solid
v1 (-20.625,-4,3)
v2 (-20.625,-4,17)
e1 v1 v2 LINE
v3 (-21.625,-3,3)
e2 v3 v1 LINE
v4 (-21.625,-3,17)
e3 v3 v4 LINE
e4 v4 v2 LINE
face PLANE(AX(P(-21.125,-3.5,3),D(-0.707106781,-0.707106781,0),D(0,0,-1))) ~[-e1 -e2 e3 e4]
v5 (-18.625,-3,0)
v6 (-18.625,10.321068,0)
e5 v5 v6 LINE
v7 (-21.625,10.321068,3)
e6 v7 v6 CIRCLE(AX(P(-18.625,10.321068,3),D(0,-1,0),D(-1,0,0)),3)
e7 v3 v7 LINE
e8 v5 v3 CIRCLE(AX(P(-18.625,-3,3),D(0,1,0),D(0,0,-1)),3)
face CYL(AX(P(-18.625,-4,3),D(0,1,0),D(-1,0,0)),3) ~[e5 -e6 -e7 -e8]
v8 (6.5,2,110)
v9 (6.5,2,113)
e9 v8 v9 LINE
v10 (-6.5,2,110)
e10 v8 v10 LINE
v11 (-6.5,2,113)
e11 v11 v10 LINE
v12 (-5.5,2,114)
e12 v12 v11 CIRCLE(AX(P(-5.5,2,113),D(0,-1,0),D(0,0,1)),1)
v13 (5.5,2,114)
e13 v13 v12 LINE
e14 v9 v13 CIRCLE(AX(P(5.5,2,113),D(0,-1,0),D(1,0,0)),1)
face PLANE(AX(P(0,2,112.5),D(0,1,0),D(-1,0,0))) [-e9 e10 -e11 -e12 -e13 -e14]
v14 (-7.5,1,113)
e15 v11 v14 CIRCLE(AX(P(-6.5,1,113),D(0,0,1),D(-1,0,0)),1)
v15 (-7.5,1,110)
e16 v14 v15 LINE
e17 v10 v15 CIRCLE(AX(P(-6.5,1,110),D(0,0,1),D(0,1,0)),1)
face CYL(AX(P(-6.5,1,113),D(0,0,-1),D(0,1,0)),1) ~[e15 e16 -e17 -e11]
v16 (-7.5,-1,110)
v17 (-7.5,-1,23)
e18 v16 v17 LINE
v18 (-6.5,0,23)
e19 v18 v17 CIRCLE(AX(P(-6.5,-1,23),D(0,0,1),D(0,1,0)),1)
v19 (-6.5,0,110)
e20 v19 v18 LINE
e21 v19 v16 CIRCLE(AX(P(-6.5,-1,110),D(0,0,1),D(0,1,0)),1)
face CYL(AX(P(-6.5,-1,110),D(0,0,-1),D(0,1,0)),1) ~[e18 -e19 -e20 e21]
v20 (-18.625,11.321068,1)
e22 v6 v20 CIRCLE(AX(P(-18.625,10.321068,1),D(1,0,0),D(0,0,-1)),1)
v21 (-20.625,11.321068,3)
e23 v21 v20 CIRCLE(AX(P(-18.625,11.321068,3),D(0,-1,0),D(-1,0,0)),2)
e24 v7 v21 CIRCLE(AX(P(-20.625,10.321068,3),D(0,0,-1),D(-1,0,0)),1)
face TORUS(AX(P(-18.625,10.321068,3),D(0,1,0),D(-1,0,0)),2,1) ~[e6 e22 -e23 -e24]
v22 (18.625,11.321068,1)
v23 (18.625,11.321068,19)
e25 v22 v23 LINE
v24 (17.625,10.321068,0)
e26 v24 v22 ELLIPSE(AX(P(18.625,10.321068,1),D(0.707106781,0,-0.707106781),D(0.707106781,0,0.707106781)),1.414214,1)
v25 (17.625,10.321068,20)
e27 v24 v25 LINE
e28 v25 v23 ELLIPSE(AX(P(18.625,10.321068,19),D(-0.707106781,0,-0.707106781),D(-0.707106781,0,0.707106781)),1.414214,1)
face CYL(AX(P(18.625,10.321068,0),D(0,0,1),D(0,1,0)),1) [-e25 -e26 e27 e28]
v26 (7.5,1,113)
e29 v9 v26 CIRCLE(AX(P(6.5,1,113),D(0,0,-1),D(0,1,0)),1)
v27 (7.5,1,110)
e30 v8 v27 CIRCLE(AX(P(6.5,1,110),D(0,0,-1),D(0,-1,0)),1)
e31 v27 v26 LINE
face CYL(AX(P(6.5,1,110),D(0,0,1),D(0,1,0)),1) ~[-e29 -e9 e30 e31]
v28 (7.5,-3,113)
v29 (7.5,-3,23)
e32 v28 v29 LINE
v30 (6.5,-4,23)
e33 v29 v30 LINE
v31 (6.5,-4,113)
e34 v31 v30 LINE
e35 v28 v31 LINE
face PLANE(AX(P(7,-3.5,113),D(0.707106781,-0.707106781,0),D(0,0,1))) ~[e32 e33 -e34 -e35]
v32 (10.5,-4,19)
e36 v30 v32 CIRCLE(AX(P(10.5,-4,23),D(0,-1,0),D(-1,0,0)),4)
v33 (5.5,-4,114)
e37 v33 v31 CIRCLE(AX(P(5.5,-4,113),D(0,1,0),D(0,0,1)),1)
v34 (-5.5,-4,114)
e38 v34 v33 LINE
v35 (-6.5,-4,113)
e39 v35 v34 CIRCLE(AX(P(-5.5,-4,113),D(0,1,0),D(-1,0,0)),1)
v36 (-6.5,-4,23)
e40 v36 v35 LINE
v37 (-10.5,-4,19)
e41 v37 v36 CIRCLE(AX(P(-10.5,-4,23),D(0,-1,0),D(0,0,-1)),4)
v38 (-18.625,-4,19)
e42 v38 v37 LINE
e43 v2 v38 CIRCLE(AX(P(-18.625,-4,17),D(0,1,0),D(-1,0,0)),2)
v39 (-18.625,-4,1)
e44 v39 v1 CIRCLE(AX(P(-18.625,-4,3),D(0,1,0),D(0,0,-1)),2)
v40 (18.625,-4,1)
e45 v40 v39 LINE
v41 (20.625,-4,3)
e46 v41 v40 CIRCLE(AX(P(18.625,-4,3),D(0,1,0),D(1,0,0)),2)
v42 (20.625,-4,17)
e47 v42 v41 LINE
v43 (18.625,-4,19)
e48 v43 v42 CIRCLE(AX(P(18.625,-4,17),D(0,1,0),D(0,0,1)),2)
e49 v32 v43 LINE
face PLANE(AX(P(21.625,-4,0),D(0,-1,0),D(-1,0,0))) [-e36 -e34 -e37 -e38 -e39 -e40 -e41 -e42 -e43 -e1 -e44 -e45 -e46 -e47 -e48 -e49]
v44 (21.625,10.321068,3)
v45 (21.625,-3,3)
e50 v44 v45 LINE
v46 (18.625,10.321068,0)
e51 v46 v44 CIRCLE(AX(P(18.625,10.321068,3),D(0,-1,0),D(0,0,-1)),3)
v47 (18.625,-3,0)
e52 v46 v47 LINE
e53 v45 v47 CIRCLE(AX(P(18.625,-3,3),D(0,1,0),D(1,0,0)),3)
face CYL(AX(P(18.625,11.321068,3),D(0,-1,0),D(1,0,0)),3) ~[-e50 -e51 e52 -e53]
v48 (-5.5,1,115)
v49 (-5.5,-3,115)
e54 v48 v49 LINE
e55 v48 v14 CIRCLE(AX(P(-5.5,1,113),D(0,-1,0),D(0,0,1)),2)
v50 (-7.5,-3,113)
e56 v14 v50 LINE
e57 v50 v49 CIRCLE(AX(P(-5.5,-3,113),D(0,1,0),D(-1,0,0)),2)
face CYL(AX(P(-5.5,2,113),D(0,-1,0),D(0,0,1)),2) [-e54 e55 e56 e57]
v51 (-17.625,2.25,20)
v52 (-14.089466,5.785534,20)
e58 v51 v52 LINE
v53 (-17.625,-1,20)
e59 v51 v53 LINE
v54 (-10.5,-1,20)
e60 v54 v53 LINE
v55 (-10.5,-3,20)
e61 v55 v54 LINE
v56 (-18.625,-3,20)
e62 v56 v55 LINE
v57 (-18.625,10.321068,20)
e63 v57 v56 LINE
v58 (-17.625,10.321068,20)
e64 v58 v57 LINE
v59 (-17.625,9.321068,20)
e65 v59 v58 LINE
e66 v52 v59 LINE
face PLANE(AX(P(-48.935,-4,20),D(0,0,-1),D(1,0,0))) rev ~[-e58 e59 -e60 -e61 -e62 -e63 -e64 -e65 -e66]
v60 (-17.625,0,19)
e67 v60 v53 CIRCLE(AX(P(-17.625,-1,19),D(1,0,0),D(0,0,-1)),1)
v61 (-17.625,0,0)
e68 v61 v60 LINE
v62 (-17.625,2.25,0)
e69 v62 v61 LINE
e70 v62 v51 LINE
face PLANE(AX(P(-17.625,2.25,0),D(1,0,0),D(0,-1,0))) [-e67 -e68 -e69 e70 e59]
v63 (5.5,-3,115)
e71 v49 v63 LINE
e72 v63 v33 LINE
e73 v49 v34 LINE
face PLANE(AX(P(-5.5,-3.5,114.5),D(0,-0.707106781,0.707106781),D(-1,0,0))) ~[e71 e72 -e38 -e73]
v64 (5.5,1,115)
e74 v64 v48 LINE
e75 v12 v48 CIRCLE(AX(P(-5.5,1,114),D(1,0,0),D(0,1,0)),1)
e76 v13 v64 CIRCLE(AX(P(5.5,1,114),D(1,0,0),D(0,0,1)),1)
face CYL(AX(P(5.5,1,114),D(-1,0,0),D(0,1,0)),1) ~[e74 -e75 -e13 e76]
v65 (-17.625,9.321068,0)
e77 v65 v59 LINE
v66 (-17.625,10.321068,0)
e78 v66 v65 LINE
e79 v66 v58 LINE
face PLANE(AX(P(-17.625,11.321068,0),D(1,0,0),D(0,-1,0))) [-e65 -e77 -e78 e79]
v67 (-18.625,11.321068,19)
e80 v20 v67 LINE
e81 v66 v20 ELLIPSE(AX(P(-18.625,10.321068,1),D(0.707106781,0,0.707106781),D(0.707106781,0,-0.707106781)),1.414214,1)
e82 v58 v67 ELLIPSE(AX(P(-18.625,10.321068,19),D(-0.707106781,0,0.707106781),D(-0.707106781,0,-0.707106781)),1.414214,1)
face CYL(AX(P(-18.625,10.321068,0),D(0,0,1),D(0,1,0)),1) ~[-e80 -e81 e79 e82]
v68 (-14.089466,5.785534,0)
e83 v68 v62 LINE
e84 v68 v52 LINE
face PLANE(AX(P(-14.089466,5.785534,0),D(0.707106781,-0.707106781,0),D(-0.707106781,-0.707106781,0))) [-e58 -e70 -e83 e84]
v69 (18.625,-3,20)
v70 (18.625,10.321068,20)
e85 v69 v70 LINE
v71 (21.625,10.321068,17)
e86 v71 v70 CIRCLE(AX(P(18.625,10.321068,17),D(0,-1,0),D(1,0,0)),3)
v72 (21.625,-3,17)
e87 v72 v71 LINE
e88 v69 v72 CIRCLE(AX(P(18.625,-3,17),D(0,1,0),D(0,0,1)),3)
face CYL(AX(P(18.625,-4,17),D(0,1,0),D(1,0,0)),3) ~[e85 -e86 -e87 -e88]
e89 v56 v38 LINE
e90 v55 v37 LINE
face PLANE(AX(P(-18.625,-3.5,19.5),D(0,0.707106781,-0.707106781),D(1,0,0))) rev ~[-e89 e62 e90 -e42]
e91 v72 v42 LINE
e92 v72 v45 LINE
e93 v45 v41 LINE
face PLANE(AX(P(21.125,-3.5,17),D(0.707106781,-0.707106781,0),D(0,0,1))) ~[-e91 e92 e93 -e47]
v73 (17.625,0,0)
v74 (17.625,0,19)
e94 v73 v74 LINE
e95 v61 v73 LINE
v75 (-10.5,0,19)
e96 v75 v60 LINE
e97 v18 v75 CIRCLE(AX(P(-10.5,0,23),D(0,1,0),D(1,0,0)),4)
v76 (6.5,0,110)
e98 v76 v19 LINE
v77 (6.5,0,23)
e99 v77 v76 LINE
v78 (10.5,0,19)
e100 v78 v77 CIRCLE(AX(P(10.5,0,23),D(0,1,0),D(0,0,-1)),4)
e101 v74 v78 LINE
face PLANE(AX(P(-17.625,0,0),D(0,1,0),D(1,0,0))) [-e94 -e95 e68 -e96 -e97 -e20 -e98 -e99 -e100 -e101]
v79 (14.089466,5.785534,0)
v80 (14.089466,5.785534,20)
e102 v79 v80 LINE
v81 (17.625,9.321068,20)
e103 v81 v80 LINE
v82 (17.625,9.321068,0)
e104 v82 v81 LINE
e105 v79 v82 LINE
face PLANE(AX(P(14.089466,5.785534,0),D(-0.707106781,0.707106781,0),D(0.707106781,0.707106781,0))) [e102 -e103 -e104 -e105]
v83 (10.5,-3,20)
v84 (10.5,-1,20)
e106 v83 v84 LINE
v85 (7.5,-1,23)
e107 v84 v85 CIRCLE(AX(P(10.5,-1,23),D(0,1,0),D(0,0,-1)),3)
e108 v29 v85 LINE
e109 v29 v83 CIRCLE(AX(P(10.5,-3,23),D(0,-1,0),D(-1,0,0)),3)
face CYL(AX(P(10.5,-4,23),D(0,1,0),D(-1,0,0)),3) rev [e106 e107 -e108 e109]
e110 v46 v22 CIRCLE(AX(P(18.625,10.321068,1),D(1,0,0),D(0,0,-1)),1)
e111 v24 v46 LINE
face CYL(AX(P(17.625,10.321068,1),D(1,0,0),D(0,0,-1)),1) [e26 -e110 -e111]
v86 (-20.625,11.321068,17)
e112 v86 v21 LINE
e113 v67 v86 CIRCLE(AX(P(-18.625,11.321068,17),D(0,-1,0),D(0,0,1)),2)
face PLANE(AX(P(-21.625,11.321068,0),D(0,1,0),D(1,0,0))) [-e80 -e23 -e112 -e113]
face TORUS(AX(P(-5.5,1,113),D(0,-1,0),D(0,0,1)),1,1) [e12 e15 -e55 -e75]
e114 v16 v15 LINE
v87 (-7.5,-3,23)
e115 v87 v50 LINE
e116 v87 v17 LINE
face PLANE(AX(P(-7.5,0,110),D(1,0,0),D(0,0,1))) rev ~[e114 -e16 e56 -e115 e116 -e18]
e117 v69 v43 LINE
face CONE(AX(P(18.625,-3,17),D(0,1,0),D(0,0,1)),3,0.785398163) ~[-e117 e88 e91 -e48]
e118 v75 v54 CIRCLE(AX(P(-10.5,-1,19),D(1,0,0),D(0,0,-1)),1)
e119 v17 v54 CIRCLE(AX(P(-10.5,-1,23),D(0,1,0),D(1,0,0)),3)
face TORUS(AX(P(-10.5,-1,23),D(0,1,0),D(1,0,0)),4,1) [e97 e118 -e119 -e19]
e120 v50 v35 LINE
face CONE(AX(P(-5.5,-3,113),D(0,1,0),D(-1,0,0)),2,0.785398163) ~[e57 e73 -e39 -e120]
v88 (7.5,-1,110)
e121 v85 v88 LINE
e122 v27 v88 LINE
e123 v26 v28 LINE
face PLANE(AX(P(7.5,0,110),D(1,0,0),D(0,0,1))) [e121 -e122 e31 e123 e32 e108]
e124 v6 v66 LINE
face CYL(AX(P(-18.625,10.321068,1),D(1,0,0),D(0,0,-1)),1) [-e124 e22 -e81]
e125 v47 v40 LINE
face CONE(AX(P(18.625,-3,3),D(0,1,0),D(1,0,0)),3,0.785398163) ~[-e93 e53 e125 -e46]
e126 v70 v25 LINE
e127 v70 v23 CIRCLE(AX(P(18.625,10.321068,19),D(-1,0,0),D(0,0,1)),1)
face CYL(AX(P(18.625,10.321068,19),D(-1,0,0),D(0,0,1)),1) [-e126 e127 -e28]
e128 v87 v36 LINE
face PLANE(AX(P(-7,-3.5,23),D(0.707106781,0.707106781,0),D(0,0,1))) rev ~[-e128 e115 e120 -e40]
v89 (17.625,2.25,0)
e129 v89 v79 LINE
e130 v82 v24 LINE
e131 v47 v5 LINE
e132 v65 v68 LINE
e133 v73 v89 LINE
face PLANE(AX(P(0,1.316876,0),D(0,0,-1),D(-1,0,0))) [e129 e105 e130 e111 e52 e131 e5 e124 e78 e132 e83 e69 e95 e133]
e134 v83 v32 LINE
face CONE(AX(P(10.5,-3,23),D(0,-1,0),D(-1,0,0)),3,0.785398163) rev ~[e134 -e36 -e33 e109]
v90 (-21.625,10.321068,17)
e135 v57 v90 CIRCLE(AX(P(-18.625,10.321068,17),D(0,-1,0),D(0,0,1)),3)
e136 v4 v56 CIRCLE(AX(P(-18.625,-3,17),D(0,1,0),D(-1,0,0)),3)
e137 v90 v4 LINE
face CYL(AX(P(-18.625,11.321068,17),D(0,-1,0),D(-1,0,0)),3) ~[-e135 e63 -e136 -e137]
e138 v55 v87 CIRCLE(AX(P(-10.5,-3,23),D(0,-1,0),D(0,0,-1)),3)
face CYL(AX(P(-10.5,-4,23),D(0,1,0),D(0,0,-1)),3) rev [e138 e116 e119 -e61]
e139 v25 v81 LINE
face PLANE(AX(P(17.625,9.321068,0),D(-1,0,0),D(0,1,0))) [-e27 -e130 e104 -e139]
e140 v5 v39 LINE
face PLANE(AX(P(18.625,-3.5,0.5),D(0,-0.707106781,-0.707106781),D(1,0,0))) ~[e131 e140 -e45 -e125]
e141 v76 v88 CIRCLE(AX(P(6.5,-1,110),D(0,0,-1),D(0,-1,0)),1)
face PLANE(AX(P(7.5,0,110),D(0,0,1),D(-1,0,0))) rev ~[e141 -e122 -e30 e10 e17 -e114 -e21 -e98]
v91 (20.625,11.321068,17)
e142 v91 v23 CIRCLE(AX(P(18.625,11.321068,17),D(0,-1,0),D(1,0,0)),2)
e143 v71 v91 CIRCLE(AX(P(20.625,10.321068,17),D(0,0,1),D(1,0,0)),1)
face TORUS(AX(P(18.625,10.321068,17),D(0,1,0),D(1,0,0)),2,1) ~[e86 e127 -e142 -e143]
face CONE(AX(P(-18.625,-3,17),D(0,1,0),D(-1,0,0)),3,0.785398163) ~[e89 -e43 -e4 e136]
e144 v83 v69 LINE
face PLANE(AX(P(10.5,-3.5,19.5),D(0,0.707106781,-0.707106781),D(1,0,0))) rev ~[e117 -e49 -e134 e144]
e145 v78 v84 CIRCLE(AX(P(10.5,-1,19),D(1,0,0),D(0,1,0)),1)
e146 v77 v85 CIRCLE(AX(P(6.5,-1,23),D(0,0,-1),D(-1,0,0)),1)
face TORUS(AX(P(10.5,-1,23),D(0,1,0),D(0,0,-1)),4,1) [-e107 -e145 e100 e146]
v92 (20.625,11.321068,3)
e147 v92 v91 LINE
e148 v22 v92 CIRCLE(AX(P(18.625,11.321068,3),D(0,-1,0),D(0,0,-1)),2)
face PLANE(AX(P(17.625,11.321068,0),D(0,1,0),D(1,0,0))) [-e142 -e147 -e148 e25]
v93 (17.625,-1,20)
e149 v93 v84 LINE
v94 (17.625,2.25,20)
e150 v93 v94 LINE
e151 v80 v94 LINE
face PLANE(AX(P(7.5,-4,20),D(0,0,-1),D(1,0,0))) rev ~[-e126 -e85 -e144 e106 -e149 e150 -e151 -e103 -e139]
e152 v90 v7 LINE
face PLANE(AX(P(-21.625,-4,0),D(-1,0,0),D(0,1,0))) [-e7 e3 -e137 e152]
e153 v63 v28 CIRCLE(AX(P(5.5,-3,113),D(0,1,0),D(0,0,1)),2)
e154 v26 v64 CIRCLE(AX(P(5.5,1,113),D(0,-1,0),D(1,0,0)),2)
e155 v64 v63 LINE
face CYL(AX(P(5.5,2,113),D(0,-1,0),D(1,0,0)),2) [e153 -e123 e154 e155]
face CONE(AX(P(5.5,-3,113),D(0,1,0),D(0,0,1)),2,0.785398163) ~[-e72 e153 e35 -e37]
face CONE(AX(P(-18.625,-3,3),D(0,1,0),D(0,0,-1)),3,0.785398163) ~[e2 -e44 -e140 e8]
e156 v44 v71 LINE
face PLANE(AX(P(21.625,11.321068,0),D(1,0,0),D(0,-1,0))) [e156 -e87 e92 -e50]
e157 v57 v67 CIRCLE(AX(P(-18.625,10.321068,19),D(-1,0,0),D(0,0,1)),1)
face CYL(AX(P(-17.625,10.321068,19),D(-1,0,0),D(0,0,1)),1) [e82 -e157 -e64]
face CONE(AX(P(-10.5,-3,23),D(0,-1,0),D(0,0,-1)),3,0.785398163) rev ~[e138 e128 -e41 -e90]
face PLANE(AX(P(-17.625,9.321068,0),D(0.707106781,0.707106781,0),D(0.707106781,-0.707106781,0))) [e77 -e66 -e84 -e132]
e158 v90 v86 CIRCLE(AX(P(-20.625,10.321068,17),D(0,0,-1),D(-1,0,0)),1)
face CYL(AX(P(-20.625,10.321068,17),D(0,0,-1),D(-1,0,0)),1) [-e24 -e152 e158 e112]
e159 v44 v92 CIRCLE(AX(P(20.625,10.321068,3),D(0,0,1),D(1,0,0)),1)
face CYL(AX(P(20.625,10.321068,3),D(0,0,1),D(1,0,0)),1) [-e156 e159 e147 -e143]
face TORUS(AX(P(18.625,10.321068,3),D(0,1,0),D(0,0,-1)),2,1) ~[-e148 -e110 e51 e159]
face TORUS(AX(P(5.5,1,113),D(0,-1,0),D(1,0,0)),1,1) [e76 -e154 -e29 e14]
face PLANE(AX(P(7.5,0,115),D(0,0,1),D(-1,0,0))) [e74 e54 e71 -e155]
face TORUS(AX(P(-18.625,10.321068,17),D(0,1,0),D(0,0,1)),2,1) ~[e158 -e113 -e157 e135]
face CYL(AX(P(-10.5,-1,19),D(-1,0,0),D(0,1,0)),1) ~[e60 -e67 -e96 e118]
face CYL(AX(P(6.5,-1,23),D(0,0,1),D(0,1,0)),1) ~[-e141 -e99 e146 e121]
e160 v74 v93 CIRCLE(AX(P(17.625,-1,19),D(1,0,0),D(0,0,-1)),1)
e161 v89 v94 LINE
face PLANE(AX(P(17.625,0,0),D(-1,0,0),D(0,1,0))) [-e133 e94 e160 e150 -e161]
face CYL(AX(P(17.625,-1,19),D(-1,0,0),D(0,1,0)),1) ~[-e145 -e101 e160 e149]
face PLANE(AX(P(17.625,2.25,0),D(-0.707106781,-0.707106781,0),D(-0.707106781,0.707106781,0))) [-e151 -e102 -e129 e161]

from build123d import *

# Parameters (mm, degrees)
PAD_DEPTH    = 115
POCKET_DEPTH = 15.322068
SKETCH002_W  = 15
SKETCH002_H  = 5
PAD001_DEPTH = 2
FILLET_R     = 3
FILLET001_R  = 2
CHAMFER_SIZE = 1
FILLET002_R  = 1
FILLET003_R  = 1
FILLET004_R  = 1
FILLET005_R  = 1


with BuildPart() as part:
    # Sketch → Pad (new body)
    with BuildSketch(Plane.XY):
        Polygon((-17.625, 0), (17.625, 0), (17.625, 2.25), (14.089466, 5.785534), (17.625, 9.321068), (17.625, 11.321068), (21.625, 11.321068), (21.625, -4), (-21.625, -4), (-21.625, 11.321068), (-17.625, 11.321068), (-17.625, 9.321068), (-14.089466, 5.785534), (-17.625, 2.25), align=None)
    extrude(amount=PAD_DEPTH)

    # Sketch001 (on Face8 of Pad) → Pocket (cut, through all)
    with BuildSketch(Plane.XZ.offset(4)):
        Polygon((7.5, 130), (7.5, 20), (48.935, 20), (48.935, 139.08), (-48.935, 139.08), (-48.935, 20), (-7.5, 20), (-7.5, 130), align=None)
    extrude(amount=-POCKET_DEPTH, mode=Mode.SUBTRACT)

    # Sketch002 (on Face1 of Pocket) → Pad001 (join)
    with BuildSketch(Plane(origin=(0, 0, 0), x_dir=(-1, 0, 0), z_dir=(0, 1, 0))):
        with Locations((0, 112.5)):
            Rectangle(SKETCH002_W, SKETCH002_H)
    extrude(amount=PAD001_DEPTH)

    # Fillet
    fillet_edges = [part.edges().sort_by_distance(p)[0] for p in [
        (21.625, 3.660534, 20),
        (21.625, 3.660534, 0),
        (-21.625, 3.660534, 0),
        (-21.625, 3.660534, 20),
        (-7.5, -2, 20),
        (7.5, -2, 20),
    ]]
    fillet(fillet_edges, radius=FILLET_R)

    # Fillet001
    fillet001_edges = [part.edges().sort_by_distance(p)[0] for p in [
        (-7.5, -2, 115),
        (7.5, -2, 115),
    ]]
    fillet(fillet001_edges, radius=FILLET001_R)

    # Chamfer
    chamfer_edges = [part.edges().sort_by_distance(p)[0] for p in [
        (7.5, -4, 68),
        (6.914214, -4, 114.414214),
        (8.37868, -4, 20.87868),
        (0, -4, 115),
        (14.5625, -4, 20),
        (-6.914214, -4, 114.414214),
        (20.74632, -4, 19.12132),
        (-7.5, -4, 68),
        (21.625, -4, 10),
        (-8.37868, -4, 20.87868),
        (20.74632, -4, 0.87868),
        (-14.5625, -4, 20),
        (0, -4, 0),
        (-20.74632, -4, 19.12132),
        (-20.74632, -4, 0.87868),
        (-21.625, -4, 10),
    ]]
    chamfer(chamfer_edges, length=CHAMFER_SIZE)

    # Fillet002
    fillet002_edges = [part.edges().sort_by_distance(p)[0] for p in [
        (0, 2, 115),
    ]]
    fillet(fillet002_edges, radius=FILLET002_R)

    # Fillet003
    fillet003_edges = [part.edges().sort_by_distance(p)[0] for p in [
        (-18.125, 11.321068, 0),
        (-20.74632, 11.321068, 0.87868),
        (-17.625, 11.321068, 10),
        (-21.625, 11.321068, 10),
        (-18.125, 11.321068, 20),
        (-20.74632, 11.321068, 19.12132),
        (18.125, 11.321068, 0),
        (20.74632, 11.321068, 0.87868),
        (17.625, 11.321068, 10),
        (21.625, 11.321068, 10),
        (18.125, 11.321068, 20),
        (20.74632, 11.321068, 19.12132),
    ]]
    fillet(fillet003_edges, radius=FILLET003_R)

    # Fillet004
    fillet004_edges = [part.edges().sort_by_distance(p)[0] for p in [
        (-7.5, 0, 66.5),
    ]]
    fillet(fillet004_edges, radius=FILLET004_R)

    # Fillet005
    fillet005_edges = [part.edges().sort_by_distance(p)[0] for p in [
        (7.5, 0, 66.5),
    ]]
    fillet(fillet005_edges, radius=FILLET005_R)


solid = part.part
